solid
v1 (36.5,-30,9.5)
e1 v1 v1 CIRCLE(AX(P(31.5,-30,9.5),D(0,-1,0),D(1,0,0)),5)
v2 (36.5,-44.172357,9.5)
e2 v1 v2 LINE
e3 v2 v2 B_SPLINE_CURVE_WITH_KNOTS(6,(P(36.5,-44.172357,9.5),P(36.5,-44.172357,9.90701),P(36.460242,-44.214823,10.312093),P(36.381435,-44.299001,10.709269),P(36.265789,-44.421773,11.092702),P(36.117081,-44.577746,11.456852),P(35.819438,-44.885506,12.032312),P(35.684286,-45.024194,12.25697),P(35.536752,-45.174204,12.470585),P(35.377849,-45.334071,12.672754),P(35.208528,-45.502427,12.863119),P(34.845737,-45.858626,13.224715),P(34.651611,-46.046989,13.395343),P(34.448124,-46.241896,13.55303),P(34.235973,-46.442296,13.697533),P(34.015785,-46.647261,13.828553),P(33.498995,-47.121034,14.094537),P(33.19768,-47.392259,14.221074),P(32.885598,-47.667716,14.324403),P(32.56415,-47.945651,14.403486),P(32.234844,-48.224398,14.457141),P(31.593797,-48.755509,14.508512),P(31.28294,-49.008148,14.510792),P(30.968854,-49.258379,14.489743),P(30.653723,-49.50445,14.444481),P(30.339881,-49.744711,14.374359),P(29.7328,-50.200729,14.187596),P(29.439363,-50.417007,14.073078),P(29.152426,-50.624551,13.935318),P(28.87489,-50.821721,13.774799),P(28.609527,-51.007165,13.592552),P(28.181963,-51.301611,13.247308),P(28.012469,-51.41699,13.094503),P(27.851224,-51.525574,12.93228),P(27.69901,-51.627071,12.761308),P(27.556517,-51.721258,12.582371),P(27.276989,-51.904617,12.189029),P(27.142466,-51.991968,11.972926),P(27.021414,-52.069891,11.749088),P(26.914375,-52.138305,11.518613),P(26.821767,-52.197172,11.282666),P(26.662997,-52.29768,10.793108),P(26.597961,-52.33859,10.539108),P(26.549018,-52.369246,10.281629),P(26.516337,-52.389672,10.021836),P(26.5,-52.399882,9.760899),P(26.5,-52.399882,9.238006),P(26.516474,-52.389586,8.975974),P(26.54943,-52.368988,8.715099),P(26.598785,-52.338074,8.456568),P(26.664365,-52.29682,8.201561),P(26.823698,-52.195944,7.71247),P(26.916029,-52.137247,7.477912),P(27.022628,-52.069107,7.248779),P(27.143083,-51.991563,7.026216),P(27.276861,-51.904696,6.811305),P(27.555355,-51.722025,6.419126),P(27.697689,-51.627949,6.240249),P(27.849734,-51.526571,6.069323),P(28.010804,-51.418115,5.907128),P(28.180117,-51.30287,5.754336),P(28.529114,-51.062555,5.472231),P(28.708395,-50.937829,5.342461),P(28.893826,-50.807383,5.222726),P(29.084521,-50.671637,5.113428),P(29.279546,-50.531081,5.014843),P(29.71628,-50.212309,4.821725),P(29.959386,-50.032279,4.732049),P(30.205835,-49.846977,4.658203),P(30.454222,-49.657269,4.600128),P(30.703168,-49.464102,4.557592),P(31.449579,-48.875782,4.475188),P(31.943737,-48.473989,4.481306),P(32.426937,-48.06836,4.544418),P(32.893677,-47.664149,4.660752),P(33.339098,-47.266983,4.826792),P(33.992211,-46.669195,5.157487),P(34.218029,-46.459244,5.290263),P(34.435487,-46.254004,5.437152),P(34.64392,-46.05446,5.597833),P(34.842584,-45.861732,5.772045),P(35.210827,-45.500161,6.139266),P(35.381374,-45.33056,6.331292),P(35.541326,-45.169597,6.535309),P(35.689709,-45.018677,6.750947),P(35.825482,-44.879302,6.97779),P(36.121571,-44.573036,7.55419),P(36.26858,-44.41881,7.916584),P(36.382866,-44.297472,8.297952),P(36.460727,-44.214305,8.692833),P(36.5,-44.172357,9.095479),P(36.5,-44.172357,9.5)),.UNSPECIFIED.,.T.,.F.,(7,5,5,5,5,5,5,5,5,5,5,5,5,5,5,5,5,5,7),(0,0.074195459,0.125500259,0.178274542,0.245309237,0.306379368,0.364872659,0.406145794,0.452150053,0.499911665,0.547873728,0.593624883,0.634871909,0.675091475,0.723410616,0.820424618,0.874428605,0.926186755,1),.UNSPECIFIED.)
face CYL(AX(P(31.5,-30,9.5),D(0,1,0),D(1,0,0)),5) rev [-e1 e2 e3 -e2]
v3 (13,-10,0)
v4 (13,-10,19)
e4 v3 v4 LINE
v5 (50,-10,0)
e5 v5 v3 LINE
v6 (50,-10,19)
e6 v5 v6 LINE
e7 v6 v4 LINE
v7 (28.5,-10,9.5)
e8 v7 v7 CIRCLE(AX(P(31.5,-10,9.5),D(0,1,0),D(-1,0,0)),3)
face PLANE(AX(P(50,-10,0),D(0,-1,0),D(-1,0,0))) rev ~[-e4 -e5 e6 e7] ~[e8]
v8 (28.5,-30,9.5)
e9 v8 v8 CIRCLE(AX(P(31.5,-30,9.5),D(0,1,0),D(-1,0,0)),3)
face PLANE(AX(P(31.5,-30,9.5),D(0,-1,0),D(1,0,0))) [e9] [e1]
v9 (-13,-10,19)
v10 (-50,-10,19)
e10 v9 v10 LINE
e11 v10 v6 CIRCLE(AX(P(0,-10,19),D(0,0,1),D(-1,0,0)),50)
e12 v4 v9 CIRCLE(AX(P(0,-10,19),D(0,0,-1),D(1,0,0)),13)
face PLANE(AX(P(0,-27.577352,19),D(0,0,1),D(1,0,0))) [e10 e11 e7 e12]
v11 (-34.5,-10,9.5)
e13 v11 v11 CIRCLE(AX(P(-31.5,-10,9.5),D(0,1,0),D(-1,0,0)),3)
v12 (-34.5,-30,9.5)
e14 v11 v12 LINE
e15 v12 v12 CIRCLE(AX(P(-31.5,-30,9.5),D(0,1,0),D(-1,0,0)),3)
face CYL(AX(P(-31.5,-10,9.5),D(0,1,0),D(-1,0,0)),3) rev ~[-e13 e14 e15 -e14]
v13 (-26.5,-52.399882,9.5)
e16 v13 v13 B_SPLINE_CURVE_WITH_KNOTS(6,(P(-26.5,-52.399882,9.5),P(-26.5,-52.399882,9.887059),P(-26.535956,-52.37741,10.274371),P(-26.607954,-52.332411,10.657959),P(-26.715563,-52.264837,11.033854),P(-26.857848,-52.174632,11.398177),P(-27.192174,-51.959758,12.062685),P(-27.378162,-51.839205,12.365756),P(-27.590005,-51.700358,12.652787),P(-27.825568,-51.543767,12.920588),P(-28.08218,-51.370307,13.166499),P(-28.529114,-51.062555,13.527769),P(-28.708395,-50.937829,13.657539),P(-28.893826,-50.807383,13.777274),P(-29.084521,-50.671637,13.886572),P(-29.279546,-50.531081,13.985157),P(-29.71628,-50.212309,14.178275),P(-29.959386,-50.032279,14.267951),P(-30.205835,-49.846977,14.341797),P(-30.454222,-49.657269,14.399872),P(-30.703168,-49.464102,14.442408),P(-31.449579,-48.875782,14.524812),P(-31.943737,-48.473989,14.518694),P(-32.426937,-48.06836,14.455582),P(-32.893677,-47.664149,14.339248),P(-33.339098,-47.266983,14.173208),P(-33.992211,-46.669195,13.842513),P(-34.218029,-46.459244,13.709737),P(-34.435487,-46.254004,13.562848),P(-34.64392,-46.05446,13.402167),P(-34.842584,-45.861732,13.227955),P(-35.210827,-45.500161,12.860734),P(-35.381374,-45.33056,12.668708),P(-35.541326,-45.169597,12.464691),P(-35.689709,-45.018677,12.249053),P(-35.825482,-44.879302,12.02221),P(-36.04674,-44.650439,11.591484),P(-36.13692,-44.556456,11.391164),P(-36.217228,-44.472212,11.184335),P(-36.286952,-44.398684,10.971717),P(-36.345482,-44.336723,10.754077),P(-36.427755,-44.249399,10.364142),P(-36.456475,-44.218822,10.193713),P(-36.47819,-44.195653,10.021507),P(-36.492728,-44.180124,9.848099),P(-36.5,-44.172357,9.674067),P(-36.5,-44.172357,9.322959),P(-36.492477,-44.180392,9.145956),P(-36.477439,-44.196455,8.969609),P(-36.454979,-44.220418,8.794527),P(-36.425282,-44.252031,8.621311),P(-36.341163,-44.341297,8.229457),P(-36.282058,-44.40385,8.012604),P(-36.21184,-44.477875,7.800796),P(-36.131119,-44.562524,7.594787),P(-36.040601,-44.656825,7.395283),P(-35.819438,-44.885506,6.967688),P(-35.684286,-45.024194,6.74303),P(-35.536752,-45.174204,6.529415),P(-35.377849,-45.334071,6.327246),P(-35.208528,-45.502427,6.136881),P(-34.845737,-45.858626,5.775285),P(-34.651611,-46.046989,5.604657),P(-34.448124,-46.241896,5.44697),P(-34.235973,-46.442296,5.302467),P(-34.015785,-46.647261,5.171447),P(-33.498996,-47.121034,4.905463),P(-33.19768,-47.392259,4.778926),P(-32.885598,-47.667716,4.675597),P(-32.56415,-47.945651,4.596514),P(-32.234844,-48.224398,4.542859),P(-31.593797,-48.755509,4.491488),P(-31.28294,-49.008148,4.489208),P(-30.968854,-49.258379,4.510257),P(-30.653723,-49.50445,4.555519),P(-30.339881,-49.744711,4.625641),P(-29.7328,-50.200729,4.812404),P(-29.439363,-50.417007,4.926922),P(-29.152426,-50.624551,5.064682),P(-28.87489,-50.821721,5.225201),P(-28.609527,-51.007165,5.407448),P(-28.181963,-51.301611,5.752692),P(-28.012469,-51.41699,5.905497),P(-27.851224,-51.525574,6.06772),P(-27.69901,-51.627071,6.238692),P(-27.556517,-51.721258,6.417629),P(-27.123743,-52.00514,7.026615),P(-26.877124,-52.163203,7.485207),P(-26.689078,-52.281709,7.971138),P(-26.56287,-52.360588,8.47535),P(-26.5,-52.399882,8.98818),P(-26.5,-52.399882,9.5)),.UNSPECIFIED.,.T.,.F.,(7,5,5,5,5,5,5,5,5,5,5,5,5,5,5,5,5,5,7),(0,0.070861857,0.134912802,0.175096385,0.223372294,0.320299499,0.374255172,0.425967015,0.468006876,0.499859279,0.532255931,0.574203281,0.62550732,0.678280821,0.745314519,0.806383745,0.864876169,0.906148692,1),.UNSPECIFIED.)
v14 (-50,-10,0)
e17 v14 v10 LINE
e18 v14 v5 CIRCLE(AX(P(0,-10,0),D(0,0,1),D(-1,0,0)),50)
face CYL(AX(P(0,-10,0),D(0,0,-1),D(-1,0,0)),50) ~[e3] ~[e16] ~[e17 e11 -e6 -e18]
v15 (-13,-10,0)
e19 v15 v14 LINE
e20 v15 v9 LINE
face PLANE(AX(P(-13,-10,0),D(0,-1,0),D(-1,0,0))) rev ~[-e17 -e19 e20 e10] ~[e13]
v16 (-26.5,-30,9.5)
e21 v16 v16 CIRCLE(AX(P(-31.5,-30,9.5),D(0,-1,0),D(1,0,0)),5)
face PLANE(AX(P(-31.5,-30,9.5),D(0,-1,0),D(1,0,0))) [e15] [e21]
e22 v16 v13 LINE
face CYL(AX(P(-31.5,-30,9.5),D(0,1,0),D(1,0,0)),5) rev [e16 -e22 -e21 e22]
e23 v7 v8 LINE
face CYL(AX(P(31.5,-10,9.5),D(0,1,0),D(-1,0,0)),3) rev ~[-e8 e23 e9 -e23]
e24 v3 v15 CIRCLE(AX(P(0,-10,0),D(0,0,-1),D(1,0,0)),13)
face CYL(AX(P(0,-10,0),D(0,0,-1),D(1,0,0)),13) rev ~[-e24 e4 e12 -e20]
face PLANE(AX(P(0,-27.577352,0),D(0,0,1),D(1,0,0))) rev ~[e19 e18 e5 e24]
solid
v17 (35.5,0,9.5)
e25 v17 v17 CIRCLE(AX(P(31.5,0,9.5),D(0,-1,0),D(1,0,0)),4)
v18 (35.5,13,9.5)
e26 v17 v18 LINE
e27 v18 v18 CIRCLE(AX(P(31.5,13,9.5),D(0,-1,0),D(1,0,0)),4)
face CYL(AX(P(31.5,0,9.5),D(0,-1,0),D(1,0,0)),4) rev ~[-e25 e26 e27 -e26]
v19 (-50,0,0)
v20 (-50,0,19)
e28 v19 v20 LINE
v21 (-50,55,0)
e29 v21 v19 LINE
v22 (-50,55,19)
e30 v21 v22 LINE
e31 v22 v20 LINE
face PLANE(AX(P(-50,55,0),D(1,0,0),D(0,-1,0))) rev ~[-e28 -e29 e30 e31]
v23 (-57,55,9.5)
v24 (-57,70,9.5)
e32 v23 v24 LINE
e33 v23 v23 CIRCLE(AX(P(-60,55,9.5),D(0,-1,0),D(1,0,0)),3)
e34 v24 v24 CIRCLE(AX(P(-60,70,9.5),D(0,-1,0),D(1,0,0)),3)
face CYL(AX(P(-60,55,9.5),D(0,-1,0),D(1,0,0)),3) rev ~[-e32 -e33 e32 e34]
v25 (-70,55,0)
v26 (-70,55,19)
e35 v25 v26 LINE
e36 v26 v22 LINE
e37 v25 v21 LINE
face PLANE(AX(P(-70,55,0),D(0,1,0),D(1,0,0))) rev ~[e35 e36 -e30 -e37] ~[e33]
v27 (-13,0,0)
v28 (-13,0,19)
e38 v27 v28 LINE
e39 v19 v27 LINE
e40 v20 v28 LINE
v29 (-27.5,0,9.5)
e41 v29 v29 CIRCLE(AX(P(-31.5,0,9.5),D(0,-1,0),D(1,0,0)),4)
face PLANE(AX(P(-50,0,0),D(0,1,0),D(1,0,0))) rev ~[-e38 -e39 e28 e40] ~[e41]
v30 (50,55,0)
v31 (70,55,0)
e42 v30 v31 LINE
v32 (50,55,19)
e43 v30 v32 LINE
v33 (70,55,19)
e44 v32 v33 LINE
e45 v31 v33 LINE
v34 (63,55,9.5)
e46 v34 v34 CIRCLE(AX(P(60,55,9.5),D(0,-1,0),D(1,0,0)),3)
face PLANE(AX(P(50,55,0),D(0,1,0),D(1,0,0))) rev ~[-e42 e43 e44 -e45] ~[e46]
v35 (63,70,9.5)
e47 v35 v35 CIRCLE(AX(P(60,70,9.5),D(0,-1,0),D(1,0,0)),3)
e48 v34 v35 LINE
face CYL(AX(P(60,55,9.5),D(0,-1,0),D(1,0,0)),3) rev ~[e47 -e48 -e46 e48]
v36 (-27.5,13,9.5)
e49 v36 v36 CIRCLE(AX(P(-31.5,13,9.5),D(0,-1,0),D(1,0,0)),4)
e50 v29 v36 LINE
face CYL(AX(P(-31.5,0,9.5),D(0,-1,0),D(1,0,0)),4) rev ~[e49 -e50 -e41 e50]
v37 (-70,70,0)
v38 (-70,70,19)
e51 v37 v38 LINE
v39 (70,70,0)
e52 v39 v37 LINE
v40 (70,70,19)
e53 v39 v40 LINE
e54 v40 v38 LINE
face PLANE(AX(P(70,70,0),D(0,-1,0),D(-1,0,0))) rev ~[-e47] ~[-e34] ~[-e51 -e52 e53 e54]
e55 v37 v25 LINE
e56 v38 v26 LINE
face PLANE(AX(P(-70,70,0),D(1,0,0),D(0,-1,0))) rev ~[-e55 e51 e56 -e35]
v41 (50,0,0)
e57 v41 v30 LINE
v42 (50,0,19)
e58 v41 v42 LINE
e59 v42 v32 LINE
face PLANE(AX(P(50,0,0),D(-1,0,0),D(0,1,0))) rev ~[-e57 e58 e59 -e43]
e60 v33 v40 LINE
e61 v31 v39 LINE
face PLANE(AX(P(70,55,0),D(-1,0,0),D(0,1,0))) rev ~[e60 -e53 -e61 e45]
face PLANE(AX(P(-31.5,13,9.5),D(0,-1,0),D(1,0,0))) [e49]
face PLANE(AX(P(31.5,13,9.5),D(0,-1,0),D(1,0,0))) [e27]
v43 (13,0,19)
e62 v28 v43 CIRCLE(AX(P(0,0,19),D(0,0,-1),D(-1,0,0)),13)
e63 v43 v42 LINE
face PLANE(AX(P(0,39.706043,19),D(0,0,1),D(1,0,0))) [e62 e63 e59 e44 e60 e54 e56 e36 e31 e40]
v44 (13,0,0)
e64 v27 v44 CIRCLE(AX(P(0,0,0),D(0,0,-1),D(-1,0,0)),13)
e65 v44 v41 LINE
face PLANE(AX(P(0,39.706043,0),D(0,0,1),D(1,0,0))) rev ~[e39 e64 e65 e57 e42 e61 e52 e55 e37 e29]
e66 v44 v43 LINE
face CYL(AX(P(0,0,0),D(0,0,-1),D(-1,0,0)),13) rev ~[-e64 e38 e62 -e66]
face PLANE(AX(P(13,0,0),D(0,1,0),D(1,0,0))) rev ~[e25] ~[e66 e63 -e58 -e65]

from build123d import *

# Parameters (mm, degrees)
F1_DEPTH  = 19
F2_R      = 4
F3_DEPTH  = 13
F4_R      = 3
F5_DEPTH  = 25
F6_R      = 3
F7_DEPTH  = 42
F9_R      = 5
F10_DEPTH = 25


with BuildPart() as f1:
    # F0 (on Top) → F1 (new body)
    with BuildSketch(Plane.XY):
        with BuildLine():
            ThreePointArc((-13, 0), (0, 13), (13, 0))
            Line((13, 0), (50, 0))
            Line((50, 0), (50, 55))
            Line((50, 55), (70, 55))
            Line((70, 55), (70, 70))
            Line((70, 70), (-70, 70))
            Line((-70, 70), (-70, 55))
            Line((-70, 55), (-50, 55))
            Line((-50, 55), (-50, 0))
            Line((-50, 0), (-13, 0))
        make_face()
        with BuildLine():
            Line((-13, -10), (-50, -10))
            ThreePointArc((-50, -10), (0, -60), (50, -10))
            Line((50, -10), (13, -10))
            ThreePointArc((13, -10), (0, -23), (-13, -10))
        make_face()
    extrude(amount=F1_DEPTH)

    # F2 (on face) → F3 (cut)
    with BuildSketch(Plane.XZ):
        with Locations((-31.5, 9.5)):
            Circle(F2_R)
        with Locations((31.5, 9.5)):
            Circle(F2_R)
    extrude(amount=-F3_DEPTH, mode=Mode.SUBTRACT)

    # F4 (on face) → F5 (cut)
    with BuildSketch(Plane.XZ.offset(-55)):
        with Locations((-60, 9.5)):
            Circle(F4_R)
        with Locations((60, 9.5)):
            Circle(F4_R)
    extrude(amount=-F5_DEPTH, mode=Mode.SUBTRACT)

    # F6 (on face) → F7 (cut)
    with BuildSketch(Plane(origin=(0, -10, 0), x_dir=(-1, 0, 0), z_dir=(0, 1, 0))):
        with Locations((-31.5, 9.5)):
            Circle(F6_R)
        with Locations((31.5, 9.5)):
            Circle(F6_R)
    extrude(amount=-F7_DEPTH, mode=Mode.SUBTRACT)

    # F9 (on offset) → F10 (cut)
    with BuildSketch(Plane.XZ.offset(30)):
        with Locations((-31.5, 9.5)):
            Circle(F9_R)
        with Locations((31.5, 9.5)):
            Circle(F9_R)
    extrude(amount=F10_DEPTH, mode=Mode.SUBTRACT)


solid = f1.part
